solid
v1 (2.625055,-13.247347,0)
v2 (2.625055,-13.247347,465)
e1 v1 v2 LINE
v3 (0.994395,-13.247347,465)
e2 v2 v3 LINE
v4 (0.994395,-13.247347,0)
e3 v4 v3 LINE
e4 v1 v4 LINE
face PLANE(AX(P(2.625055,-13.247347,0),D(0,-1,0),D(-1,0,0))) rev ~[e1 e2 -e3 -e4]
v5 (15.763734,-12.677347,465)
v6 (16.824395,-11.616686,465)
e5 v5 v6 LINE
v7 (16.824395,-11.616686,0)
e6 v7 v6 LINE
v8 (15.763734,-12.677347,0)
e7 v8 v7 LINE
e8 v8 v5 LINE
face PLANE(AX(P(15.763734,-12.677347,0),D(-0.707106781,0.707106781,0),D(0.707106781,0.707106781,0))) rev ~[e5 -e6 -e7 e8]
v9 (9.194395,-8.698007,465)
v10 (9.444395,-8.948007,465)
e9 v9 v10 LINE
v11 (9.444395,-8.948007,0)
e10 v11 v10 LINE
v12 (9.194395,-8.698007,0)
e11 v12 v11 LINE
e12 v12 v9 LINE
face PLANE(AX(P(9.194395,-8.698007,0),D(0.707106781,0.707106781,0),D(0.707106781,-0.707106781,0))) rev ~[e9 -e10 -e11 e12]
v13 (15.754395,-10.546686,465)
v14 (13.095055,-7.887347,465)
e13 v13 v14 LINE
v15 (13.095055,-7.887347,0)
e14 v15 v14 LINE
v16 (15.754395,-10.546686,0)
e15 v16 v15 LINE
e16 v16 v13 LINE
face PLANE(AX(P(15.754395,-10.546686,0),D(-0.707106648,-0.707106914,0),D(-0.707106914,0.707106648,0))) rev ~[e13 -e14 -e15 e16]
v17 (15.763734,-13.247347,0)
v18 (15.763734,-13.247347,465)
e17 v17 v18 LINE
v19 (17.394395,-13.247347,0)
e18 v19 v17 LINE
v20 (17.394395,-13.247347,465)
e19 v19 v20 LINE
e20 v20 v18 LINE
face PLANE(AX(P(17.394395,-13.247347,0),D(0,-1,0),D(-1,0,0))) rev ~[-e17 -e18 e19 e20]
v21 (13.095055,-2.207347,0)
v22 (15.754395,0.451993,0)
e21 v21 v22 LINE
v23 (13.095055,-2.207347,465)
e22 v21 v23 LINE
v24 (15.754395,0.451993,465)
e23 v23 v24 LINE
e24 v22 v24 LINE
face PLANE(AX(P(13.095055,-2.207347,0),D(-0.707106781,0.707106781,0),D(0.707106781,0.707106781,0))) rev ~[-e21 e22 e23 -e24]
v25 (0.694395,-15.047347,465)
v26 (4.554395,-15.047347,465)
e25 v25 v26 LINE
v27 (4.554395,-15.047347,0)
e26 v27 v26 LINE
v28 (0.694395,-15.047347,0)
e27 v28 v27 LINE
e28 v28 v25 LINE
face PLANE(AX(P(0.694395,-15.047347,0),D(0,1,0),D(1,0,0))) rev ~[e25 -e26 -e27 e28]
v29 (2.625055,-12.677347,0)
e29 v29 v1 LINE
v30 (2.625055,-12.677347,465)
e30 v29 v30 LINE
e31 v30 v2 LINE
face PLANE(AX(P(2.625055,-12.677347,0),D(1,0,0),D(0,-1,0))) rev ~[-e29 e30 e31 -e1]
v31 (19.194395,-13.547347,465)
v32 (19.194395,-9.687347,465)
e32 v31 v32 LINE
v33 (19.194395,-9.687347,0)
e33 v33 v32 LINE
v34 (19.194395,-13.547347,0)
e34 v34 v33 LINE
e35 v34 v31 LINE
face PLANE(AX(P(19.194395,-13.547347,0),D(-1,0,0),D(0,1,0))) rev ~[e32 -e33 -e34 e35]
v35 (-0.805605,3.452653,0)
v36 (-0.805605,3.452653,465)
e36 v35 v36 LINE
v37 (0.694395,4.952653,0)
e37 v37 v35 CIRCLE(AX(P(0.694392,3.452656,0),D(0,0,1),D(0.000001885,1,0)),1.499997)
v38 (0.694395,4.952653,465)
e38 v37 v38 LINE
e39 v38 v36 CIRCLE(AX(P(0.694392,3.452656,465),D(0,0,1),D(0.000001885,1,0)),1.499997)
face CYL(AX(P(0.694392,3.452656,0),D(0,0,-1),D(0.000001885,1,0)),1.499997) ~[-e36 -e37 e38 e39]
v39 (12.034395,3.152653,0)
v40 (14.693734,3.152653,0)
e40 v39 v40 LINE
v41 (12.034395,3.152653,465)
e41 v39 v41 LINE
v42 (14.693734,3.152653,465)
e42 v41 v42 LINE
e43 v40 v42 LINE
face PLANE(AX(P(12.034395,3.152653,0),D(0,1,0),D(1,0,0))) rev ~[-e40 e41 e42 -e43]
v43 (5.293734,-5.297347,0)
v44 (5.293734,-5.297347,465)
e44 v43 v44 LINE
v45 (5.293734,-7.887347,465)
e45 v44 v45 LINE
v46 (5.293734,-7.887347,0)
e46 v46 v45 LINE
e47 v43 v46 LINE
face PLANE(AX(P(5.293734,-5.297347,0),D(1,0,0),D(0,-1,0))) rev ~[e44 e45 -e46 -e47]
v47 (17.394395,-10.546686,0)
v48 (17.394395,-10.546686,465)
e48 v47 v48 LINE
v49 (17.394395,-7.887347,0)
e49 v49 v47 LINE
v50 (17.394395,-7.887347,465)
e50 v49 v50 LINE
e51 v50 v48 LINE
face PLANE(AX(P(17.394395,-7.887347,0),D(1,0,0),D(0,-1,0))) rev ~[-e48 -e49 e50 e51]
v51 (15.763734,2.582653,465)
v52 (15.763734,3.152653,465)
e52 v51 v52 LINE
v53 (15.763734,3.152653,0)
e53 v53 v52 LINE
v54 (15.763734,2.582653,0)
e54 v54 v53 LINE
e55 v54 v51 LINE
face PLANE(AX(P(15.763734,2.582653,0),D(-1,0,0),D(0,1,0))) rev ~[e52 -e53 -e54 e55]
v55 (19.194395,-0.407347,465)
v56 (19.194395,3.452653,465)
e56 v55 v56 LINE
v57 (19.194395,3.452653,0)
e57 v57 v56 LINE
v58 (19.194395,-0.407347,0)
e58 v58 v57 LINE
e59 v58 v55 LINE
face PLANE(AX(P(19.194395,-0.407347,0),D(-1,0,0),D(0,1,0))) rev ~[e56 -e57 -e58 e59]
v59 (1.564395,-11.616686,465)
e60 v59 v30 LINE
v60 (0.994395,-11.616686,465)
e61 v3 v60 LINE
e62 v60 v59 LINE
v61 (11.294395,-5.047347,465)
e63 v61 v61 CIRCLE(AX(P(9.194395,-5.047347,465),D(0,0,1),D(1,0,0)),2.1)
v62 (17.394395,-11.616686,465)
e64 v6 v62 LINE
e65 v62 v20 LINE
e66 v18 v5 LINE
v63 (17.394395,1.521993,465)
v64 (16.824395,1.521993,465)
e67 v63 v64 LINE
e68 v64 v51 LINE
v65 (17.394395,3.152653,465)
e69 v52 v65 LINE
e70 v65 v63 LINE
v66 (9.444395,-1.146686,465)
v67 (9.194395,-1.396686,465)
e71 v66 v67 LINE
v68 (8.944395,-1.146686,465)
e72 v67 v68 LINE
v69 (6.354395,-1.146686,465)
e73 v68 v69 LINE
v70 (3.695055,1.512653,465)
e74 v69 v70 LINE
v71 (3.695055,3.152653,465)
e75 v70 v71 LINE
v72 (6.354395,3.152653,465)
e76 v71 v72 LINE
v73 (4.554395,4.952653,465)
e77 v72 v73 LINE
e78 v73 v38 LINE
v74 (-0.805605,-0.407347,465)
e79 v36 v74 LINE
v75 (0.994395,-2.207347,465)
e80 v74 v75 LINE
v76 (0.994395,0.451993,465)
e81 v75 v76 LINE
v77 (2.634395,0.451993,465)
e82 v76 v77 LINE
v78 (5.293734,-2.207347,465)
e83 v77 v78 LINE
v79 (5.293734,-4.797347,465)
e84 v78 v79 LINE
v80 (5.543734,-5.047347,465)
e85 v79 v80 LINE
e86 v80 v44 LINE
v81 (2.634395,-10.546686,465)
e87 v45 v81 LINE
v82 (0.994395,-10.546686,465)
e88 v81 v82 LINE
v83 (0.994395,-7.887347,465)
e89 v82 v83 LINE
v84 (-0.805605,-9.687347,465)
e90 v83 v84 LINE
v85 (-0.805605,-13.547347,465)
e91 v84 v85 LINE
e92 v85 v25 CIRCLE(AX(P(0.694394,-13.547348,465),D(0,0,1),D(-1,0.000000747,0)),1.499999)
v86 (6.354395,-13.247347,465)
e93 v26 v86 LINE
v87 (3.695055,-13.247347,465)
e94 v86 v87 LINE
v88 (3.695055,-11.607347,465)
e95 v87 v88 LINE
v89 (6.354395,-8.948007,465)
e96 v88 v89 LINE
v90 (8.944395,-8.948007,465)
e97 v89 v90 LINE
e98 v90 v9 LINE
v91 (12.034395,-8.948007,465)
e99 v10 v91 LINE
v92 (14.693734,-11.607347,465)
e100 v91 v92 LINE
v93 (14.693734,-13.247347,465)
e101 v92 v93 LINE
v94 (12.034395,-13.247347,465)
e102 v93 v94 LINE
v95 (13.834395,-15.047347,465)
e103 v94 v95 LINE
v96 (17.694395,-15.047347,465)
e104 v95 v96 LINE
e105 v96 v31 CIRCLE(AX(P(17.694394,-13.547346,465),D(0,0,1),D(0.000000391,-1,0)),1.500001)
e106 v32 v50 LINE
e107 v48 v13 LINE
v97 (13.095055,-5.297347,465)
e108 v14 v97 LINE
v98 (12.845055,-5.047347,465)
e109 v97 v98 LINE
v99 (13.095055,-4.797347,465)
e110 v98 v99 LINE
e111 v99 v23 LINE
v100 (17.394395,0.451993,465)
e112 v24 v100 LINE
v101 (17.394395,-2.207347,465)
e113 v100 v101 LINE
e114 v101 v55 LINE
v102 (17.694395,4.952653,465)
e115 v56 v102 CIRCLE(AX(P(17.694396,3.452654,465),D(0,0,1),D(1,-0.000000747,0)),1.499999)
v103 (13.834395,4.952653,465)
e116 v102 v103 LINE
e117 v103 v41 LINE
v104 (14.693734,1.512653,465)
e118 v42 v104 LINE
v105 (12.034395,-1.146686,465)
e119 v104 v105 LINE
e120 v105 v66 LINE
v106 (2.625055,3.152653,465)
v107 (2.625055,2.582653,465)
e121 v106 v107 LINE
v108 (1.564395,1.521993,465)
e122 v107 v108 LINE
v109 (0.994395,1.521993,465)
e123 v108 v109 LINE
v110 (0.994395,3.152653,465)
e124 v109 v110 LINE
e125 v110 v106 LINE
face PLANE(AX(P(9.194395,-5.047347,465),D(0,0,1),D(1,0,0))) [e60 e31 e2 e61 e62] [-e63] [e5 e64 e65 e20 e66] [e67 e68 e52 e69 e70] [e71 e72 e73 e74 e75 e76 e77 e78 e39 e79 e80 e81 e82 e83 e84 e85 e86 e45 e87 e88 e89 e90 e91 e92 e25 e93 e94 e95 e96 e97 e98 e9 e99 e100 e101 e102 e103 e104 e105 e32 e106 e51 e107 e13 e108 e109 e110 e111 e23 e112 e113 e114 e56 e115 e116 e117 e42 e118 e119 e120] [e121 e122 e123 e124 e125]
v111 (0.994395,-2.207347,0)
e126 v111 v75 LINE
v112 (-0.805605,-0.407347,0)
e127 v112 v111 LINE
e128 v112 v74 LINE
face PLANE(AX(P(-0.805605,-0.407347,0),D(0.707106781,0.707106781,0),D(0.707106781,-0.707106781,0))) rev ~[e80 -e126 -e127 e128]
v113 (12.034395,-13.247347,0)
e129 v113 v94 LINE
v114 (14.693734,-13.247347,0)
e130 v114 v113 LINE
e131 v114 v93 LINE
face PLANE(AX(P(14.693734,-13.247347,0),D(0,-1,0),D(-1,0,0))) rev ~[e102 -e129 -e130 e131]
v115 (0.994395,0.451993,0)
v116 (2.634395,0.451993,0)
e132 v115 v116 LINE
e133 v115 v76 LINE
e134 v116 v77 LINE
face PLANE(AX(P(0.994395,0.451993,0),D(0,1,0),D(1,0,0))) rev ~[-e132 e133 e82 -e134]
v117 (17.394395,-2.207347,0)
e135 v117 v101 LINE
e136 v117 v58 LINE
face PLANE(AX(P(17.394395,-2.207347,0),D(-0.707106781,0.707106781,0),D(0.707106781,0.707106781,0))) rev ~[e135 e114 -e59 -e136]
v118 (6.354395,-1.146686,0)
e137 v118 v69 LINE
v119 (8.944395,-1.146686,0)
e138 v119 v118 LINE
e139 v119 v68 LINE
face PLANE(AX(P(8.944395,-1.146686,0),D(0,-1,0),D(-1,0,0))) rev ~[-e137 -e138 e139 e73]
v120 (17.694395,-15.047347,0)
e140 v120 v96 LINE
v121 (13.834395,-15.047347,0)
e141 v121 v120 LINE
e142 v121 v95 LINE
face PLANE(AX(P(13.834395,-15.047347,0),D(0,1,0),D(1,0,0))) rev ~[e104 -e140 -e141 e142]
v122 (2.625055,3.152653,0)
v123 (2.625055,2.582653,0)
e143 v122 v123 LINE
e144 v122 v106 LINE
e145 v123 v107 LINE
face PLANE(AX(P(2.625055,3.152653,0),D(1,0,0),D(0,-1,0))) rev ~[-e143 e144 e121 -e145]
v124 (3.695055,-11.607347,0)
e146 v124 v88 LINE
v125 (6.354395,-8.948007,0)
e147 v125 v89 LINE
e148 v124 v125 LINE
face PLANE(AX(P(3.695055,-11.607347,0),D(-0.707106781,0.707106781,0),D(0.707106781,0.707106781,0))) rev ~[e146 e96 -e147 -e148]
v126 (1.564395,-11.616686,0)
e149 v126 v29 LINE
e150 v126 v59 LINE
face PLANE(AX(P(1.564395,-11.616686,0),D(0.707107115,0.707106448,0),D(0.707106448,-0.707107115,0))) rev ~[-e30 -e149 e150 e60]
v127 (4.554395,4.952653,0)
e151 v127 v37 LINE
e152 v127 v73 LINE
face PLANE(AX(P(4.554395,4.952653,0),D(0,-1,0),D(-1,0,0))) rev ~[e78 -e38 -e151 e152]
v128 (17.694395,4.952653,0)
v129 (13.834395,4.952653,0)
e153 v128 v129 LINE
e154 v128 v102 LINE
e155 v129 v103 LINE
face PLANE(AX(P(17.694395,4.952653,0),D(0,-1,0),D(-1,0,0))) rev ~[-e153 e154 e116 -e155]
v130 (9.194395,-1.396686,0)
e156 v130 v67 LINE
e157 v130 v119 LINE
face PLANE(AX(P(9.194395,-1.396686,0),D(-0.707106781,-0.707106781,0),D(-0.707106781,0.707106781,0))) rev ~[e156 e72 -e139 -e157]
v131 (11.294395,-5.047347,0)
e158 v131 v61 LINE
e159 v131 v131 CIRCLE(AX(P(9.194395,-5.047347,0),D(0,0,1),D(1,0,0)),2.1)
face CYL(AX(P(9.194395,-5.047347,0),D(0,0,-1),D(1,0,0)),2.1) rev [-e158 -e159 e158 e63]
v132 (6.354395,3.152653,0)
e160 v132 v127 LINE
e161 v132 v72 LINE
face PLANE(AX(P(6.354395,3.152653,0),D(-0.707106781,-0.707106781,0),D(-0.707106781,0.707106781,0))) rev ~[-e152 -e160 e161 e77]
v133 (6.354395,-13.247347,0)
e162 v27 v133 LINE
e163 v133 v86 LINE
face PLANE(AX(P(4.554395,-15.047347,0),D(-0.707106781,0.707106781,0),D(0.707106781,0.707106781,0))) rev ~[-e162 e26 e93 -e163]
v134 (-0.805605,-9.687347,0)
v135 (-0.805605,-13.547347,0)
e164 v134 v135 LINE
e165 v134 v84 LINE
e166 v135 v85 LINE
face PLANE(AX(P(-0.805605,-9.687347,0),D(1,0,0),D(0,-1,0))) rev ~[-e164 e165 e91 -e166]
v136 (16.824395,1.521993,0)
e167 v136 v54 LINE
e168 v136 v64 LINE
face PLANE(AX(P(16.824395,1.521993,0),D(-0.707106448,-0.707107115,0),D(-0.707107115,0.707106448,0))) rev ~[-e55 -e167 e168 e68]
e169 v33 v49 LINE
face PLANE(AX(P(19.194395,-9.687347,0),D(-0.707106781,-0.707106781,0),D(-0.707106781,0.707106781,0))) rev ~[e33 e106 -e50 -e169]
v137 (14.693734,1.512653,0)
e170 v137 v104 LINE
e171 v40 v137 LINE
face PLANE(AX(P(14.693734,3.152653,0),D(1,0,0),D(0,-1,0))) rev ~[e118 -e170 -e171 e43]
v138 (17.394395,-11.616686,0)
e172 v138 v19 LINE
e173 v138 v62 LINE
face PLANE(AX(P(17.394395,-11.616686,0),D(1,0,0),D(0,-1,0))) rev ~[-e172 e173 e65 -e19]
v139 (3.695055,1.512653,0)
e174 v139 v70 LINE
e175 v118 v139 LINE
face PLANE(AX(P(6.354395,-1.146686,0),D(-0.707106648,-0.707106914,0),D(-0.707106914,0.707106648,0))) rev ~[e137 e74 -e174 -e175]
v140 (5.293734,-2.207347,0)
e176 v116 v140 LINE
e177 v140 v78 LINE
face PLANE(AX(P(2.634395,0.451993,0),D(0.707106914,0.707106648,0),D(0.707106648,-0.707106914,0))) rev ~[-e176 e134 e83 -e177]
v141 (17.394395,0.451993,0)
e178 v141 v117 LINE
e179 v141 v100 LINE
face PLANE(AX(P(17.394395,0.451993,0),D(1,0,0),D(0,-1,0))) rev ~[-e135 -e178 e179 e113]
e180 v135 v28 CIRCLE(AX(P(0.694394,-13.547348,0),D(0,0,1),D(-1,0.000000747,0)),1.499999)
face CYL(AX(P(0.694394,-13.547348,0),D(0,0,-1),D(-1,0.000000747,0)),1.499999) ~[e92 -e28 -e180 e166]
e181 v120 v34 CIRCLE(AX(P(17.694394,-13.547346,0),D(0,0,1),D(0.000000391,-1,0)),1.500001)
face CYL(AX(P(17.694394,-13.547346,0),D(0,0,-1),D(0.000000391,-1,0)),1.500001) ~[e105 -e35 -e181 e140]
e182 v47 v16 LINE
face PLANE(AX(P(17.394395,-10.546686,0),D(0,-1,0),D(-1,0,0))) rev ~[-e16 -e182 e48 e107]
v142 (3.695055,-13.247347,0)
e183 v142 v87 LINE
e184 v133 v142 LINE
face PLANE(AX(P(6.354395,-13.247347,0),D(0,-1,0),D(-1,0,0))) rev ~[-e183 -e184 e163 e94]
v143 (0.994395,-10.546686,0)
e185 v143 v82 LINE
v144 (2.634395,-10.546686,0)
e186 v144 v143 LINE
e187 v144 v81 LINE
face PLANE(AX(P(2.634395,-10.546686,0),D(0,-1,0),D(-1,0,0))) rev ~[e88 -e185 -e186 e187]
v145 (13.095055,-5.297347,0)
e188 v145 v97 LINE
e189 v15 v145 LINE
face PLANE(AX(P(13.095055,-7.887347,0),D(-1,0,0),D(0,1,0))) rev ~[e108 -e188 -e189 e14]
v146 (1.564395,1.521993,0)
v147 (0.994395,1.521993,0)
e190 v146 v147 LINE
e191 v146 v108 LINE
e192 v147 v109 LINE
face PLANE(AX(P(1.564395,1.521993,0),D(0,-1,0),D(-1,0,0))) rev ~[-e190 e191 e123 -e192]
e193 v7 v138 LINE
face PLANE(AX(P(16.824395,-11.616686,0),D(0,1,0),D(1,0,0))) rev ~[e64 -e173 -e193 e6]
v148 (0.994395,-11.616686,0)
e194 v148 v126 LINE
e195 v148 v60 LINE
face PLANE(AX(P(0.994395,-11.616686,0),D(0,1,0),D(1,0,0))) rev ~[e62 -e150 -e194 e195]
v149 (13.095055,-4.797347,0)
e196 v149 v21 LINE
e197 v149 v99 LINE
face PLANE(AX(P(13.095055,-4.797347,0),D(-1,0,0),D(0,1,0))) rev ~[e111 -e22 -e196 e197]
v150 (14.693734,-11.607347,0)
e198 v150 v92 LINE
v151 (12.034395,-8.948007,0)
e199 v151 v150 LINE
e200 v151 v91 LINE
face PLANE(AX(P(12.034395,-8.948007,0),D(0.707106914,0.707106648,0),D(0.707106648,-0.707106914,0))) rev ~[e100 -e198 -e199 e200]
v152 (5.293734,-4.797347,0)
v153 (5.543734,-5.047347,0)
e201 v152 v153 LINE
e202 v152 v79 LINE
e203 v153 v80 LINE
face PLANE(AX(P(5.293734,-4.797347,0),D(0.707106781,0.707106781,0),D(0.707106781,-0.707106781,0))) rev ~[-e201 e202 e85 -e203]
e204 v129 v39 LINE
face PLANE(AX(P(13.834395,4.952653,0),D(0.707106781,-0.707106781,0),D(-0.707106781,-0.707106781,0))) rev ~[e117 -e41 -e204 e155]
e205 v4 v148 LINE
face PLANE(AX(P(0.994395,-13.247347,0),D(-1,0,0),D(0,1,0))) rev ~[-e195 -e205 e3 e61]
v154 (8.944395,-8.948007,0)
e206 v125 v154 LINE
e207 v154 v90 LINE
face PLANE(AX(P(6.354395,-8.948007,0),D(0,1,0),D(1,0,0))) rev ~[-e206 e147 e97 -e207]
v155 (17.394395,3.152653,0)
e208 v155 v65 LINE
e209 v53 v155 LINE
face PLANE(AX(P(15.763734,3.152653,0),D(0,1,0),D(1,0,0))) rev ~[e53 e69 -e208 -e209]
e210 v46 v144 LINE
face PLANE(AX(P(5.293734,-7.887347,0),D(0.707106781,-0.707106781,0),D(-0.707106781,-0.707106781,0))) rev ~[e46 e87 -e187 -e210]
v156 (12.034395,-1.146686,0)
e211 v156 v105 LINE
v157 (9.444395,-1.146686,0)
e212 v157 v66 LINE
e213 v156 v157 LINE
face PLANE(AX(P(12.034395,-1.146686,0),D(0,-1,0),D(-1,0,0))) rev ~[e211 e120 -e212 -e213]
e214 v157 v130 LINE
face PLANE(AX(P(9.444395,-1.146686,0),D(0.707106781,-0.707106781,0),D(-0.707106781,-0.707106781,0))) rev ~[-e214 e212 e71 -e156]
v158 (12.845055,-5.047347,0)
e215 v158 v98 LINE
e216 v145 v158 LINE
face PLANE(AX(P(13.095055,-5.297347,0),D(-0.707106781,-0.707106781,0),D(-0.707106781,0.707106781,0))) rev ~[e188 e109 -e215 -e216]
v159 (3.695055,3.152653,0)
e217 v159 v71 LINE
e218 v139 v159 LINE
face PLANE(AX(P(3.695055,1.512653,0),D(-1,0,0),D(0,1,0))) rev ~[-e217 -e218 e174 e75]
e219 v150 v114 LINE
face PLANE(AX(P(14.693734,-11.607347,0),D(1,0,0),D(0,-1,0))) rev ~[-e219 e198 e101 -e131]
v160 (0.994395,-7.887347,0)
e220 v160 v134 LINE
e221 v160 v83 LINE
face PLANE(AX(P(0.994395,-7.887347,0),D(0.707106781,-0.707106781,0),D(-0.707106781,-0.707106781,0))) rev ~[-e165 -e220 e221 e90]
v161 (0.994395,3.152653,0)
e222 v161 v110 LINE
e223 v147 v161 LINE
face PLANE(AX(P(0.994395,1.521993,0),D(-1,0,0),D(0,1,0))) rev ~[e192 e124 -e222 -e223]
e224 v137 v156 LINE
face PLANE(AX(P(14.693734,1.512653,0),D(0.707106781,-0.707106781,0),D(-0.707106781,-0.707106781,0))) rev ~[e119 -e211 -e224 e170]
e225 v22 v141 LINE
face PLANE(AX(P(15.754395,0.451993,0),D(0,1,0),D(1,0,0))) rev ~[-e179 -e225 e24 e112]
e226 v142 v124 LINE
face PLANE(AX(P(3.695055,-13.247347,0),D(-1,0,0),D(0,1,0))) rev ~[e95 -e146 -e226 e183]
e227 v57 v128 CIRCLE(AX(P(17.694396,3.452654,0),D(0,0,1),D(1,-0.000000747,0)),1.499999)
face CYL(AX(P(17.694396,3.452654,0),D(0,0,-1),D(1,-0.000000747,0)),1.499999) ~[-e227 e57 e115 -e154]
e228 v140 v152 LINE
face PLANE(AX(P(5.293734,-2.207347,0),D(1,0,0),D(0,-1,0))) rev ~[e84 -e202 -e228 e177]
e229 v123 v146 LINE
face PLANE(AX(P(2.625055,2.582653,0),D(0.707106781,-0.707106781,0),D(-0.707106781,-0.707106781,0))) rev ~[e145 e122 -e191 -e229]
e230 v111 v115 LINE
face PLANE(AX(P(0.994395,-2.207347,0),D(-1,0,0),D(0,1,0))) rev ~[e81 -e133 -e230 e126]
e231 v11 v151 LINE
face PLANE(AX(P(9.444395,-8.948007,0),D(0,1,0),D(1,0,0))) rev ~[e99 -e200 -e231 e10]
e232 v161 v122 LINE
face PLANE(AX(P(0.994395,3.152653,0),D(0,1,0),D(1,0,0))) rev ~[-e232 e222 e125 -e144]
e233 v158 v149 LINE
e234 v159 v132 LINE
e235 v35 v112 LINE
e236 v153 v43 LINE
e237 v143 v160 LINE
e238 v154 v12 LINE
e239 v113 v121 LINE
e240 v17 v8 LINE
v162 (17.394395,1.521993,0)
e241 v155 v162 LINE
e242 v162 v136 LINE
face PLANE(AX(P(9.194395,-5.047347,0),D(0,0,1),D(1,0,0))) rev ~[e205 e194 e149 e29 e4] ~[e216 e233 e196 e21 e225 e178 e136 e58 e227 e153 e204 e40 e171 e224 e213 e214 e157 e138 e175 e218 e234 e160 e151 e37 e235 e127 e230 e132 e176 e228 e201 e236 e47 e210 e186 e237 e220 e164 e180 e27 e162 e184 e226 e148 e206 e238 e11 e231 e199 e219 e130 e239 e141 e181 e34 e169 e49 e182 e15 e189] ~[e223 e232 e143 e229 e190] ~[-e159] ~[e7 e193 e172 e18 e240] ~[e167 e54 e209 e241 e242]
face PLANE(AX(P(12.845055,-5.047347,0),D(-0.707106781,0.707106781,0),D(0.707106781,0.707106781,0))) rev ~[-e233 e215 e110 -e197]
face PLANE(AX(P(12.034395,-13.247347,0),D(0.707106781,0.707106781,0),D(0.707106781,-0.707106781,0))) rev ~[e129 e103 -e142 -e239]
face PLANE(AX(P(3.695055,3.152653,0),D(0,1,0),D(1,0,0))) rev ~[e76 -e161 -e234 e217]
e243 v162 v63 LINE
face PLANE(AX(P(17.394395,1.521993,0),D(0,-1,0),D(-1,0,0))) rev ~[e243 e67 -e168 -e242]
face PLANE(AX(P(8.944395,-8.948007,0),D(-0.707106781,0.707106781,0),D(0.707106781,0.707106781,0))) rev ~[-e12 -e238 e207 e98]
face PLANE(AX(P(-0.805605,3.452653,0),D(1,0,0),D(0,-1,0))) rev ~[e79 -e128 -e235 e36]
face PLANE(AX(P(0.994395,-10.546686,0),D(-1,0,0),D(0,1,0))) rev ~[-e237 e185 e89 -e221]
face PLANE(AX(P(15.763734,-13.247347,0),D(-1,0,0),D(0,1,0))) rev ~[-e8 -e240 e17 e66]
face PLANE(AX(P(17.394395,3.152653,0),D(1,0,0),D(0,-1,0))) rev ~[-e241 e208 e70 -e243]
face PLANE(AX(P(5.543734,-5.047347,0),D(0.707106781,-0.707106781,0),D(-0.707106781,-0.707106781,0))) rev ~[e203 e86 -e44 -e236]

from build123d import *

# Parameters (mm, degrees)
F0_R     = 2.1
F1_DEPTH = 465


with BuildPart() as f1:
    # F0 (on Top) → F1 (new body)
    with BuildSketch(Plane.XY):
        with BuildLine():
            Line((19.194395, -0.407347), (19.194395, 3.452653))
            ThreePointArc((19.194395, 3.452653), (18.755055, 4.513314), (17.694395, 4.952653))
            Line((17.694395, 4.952653), (13.834395, 4.952653))
            Line((13.834395, 4.952653), (12.034395, 3.152653))
            Line((12.034395, 3.152653), (14.693734, 3.152653))
            Line((14.693734, 3.152653), (14.693734, 1.512653))
            Line((14.693734, 1.512653), (12.034395, -1.146686))
            Line((12.034395, -1.146686), (9.444395, -1.146686))
            Line((9.444395, -1.146686), (9.194395, -1.396686))
            Line((9.194395, -1.396686), (8.944395, -1.146686))
            Line((8.944395, -1.146686), (6.354395, -1.146686))
            Line((6.354395, -1.146686), (3.695055, 1.512653))
            Line((3.695055, 1.512653), (3.695055, 3.152653))
            Line((3.695055, 3.152653), (6.354395, 3.152653))
            Line((6.354395, 3.152653), (4.554395, 4.952653))
            Line((4.554395, 4.952653), (0.694395, 4.952653))
            ThreePointArc((0.694395, 4.952653), (-0.366266, 4.513314), (-0.805605, 3.452653))
            Line((-0.805605, 3.452653), (-0.805605, -0.407347))
            Line((-0.805605, -0.407347), (0.994395, -2.207347))
            Line((0.994395, -2.207347), (0.994395, 0.451993))
            Line((0.994395, 0.451993), (2.634395, 0.451993))
            Line((2.634395, 0.451993), (5.293734, -2.207347))
            Line((5.293734, -2.207347), (5.293734, -4.797347))
            Line((5.293734, -4.797347), (5.543734, -5.047347))
            Line((5.543734, -5.047347), (5.293734, -5.297347))
            Line((5.293734, -5.297347), (5.293734, -7.887347))
            Line((5.293734, -7.887347), (2.634395, -10.546686))
            Line((2.634395, -10.546686), (0.994395, -10.546686))
            Line((0.994395, -10.546686), (0.994395, -7.887347))
            Line((0.994395, -7.887347), (-0.805605, -9.687347))
            Line((-0.805605, -9.687347), (-0.805605, -13.547347))
            ThreePointArc((-0.805605, -13.547347), (-0.366266, -14.608007), (0.694395, -15.047347))
            Line((0.694395, -15.047347), (4.554395, -15.047347))
            Line((4.554395, -15.047347), (6.354395, -13.247347))
            Line((6.354395, -13.247347), (3.695055, -13.247347))
            Line((3.695055, -13.247347), (3.695055, -11.607347))
            Line((3.695055, -11.607347), (6.354395, -8.948007))
            Line((6.354395, -8.948007), (8.944395, -8.948007))
            Line((8.944395, -8.948007), (9.194395, -8.698007))
            Line((9.194395, -8.698007), (9.444395, -8.948007))
            Line((9.444395, -8.948007), (12.034395, -8.948007))
            Line((12.034395, -8.948007), (14.693734, -11.607347))
            Line((14.693734, -11.607347), (14.693734, -13.247347))
            Line((14.693734, -13.247347), (12.034395, -13.247347))
            Line((12.034395, -13.247347), (13.834395, -15.047347))
            Line((13.834395, -15.047347), (17.694395, -15.047347))
            ThreePointArc((17.694395, -15.047347), (18.755055, -14.608007), (19.194395, -13.547347))
            Line((19.194395, -13.547347), (19.194395, -9.687347))
            Line((19.194395, -9.687347), (17.394395, -7.887347))
            Line((17.394395, -7.887347), (17.394395, -10.546686))
            Line((17.394395, -10.546686), (15.754395, -10.546686))
            Line((15.754395, -10.546686), (13.095055, -7.887347))
            Line((13.095055, -7.887347), (13.095055, -5.297347))
            Line((13.095055, -5.297347), (12.845055, -5.047347))
            Line((12.845055, -5.047347), (13.095055, -4.797347))
            Line((13.095055, -4.797347), (13.095055, -2.207347))
            Line((13.095055, -2.207347), (15.754395, 0.451993))
            Line((15.754395, 0.451993), (17.394395, 0.451993))
            Line((17.394395, 0.451993), (17.394395, -2.207347))
            Line((17.394395, -2.207347), (19.194395, -0.407347))
        make_face()
        Polygon((2.625055, -12.677347), (2.625055, -13.247347), (0.994395, -13.247347), (0.994395, -11.616686), (1.564395, -11.616686), align=None, mode=Mode.SUBTRACT)
        Polygon((17.394395, -13.247347), (15.763734, -13.247347), (15.763734, -12.677347), (16.824395, -11.616686), (17.394395, -11.616686), align=None, mode=Mode.SUBTRACT)
        Polygon((1.564395, 1.521993), (0.994395, 1.521993), (0.994395, 3.152653), (2.625055, 3.152653), (2.625055, 2.582653), align=None, mode=Mode.SUBTRACT)
        with Locations((9.194395, -5.047347)):
            Circle(F0_R, mode=Mode.SUBTRACT)
        Polygon((15.763734, 2.582653), (15.763734, 3.152653), (17.394395, 3.152653), (17.394395, 1.521993), (16.824395, 1.521993), align=None, mode=Mode.SUBTRACT)
    extrude(amount=F1_DEPTH)


solid = f1.part
